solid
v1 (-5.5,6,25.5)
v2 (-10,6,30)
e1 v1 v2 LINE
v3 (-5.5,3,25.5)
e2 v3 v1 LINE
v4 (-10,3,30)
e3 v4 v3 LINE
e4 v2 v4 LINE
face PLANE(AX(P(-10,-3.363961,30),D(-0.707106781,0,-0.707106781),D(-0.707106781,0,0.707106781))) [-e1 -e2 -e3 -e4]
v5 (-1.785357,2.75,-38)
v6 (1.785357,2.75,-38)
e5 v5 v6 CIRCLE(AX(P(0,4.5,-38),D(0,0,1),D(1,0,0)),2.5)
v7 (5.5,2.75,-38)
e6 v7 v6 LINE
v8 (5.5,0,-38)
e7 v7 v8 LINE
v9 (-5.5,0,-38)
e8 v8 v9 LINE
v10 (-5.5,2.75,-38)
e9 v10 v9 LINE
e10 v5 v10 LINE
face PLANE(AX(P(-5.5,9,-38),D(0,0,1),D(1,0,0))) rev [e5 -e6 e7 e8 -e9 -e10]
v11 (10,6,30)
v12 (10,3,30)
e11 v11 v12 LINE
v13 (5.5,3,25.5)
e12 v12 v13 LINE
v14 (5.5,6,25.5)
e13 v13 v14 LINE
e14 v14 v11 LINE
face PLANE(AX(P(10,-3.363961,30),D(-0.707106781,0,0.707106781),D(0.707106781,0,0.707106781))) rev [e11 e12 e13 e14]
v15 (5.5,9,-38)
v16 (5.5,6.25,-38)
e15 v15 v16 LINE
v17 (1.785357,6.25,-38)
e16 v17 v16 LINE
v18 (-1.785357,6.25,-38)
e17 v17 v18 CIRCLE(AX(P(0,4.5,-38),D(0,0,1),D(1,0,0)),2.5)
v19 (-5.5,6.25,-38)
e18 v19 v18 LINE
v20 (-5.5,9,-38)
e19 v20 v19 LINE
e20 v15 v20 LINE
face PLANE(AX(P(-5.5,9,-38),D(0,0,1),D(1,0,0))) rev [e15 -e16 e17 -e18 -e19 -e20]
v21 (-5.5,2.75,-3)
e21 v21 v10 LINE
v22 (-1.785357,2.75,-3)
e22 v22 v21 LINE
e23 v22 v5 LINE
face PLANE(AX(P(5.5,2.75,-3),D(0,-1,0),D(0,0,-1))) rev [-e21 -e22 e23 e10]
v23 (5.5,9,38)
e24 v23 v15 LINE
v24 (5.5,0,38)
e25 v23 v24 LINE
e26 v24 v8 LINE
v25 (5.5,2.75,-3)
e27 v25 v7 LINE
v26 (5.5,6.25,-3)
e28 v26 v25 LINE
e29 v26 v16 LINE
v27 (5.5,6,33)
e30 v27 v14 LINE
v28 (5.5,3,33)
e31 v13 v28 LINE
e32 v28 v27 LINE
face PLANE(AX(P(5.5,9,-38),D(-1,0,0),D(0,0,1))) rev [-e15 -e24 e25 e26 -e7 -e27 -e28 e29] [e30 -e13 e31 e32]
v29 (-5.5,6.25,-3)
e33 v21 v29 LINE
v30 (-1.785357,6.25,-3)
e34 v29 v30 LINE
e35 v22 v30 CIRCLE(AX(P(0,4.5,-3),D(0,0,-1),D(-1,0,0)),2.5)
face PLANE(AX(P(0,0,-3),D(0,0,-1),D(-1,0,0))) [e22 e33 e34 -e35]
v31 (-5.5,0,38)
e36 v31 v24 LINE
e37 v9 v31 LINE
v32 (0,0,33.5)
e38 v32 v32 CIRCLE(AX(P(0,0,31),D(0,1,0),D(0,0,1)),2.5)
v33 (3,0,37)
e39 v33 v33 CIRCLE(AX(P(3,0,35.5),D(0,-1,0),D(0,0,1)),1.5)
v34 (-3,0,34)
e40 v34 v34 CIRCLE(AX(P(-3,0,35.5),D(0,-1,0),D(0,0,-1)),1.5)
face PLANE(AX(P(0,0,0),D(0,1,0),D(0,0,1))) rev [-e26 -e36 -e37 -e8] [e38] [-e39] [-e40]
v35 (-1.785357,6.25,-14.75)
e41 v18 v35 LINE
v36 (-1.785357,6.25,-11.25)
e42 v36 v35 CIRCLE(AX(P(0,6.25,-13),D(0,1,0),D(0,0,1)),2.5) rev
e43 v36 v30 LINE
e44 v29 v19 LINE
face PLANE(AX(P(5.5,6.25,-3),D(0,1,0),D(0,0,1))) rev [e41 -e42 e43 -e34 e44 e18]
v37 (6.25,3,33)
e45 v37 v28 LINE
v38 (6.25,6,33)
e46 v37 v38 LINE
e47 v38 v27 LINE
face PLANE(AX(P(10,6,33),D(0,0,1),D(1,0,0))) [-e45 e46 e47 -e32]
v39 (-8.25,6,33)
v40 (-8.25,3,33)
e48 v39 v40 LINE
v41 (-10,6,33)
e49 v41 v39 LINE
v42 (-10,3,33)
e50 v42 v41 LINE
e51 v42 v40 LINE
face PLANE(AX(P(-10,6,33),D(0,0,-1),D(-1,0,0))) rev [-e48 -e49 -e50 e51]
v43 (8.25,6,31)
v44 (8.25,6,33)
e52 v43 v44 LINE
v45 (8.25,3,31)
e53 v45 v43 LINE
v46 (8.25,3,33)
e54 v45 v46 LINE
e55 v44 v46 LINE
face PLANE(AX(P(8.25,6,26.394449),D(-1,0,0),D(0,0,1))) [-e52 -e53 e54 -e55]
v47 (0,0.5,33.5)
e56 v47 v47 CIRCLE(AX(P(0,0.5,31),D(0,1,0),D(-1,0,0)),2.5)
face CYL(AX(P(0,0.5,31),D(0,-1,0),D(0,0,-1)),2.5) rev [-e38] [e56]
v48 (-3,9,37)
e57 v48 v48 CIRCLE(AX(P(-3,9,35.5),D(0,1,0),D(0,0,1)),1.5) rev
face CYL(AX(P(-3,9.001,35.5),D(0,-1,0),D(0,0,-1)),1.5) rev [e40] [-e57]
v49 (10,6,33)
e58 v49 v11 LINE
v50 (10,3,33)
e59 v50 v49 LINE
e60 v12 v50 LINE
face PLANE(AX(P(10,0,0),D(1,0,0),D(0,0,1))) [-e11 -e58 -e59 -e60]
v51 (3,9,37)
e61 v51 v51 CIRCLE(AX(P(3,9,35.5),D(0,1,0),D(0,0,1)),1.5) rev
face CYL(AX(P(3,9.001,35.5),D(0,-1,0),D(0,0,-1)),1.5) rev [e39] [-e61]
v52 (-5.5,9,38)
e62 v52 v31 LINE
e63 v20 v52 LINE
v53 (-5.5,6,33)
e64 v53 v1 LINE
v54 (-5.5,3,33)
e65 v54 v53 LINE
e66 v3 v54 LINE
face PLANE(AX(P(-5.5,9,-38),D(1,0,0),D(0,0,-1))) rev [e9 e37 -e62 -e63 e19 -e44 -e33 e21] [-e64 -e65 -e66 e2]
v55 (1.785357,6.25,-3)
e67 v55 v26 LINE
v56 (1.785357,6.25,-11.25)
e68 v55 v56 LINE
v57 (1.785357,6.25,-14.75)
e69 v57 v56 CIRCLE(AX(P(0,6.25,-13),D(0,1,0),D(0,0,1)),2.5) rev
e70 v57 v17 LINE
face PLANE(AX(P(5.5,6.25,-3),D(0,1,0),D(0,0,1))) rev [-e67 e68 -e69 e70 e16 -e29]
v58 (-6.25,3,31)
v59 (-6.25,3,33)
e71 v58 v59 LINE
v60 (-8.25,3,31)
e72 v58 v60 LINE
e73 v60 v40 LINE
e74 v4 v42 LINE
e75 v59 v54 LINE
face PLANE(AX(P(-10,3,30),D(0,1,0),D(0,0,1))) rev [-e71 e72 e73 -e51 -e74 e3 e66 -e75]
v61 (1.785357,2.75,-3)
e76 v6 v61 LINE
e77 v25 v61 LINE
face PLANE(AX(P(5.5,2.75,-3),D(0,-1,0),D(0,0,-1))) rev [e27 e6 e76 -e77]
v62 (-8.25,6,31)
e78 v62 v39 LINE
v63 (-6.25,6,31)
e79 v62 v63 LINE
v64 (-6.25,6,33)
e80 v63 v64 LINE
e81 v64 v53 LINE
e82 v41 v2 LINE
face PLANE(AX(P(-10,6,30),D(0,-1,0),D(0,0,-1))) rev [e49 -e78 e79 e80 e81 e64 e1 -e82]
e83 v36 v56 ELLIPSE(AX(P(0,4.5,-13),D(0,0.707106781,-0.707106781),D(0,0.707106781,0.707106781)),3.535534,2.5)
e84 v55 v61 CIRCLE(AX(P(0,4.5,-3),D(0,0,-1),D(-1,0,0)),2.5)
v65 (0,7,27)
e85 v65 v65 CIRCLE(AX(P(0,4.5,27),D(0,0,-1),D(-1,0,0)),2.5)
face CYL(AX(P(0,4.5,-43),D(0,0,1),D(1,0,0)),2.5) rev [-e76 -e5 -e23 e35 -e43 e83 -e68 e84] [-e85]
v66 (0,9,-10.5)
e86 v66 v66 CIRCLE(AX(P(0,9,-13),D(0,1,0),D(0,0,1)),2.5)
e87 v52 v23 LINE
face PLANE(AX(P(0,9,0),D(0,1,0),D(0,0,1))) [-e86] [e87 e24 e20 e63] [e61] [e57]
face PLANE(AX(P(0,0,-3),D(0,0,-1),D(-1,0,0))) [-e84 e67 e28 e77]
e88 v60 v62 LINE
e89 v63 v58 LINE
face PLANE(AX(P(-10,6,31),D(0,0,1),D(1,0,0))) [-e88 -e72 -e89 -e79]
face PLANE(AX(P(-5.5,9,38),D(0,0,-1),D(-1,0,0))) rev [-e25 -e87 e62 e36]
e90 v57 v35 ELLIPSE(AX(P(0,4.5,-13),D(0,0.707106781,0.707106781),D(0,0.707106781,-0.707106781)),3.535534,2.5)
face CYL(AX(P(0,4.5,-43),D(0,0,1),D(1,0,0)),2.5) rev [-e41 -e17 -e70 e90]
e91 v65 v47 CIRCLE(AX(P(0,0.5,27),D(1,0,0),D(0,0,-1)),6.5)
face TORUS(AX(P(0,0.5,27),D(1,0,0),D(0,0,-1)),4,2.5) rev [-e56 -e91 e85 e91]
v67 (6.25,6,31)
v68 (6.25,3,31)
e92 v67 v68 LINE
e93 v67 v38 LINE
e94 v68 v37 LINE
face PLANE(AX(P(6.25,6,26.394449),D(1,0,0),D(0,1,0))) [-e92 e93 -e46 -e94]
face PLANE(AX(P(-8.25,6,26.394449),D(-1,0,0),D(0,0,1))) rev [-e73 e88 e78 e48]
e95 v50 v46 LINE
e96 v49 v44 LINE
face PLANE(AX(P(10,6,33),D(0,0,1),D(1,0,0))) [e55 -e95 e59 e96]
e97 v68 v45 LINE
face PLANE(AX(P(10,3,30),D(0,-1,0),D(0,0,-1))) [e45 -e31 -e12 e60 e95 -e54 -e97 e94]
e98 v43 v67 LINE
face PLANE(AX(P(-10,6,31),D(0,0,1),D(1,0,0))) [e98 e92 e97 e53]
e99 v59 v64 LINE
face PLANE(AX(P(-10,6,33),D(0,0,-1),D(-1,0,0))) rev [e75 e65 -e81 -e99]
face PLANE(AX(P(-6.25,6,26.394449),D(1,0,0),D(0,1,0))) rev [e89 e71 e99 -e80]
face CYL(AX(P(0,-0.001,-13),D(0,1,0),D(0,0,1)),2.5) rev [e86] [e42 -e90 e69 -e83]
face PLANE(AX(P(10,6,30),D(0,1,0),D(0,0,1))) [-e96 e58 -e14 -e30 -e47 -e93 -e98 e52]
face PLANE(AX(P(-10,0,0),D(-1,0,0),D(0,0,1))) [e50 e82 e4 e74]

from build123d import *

# Parameters (mm, degrees)
SKETCH1_W           = 11
SKETCH1_H           = 76
BOSS_EXTRUDE1_DEPTH = 9
SKETCH4_R           = 2.5
SKETCH5_W           = 3
SKETCH5_H           = 3
BOSS_EXTRUDE2_DEPTH = 4.5
SKETCH6_W           = 2
SKETCH6_H           = 3
CUT_EXTRUDE2_DEPTH  = 2
BOSS_EXTRUDE3_DEPTH = 3
SKETCH10_W          = 11
SKETCH10_H          = 3.5
CUT_EXTRUDE5_DEPTH  = 35
CUT_EXTRUDE6_REACH  = 42.311
SKETCH11_R          = 2.5
CUT_EXTRUDE8_REACH  = 42.311
SKETCH8_R           = 1.5


with BuildPart() as part:
    # Sketch1 → Boss-Extrude1 (new body)
    with BuildSketch(Plane(origin=(0, 0, 0), x_dir=(1, 0, 0), z_dir=(0, 1, 0))):
        Rectangle(SKETCH1_W, SKETCH1_H)
    extrude(amount=BOSS_EXTRUDE1_DEPTH)

    # Cut-Sweep2: sweep along a path in Sketch3
    with BuildLine(Plane.ZY) as cut_sweep2_path:
        Line((-38, 4.5), (27, 4.5))
        ThreePointArc((27, 4.5), (29.828427125, 3.328427125), (31, 0.5))
        Line((31, 0.5), (31, 0))
    # Sketch4 → Cut-Sweep2 (sweep, cut)
    with BuildSketch(Plane(origin=(0, 0, -38), x_dir=(-1, 0, 0), z_dir=(0, 0, -1))):
        with Locations((0, 4.5)):
            Circle(SKETCH4_R)
    sweep(path=cut_sweep2_path.line, mode=Mode.SUBTRACT)

    # Sketch5 → Boss-Extrude2 (add)
    with BuildSketch(Plane.ZY.offset(5.5)):
        with Locations((31.5, 4.5)):
            Rectangle(SKETCH5_W, SKETCH5_H)
    boss_extrude2 = extrude(amount=BOSS_EXTRUDE2_DEPTH)

    # Mirror1: Boss-Extrude2 across plane
    add(boss_extrude2.mirror(Plane.ZY))

    # Sketch6 → Cut-Extrude2 (cut)
    with BuildSketch(Plane.XY.offset(33)):
        with Locations((-7.25, 4.5)):
            Rectangle(SKETCH6_W, SKETCH6_H)
    cut_extrude2 = extrude(amount=-CUT_EXTRUDE2_DEPTH, mode=Mode.SUBTRACT)

    # Mirror2: Cut-Extrude2 across plane
    add(cut_extrude2.mirror(Plane.ZY), mode=Mode.SUBTRACT)

    # Sketch7 → Boss-Extrude3 (add)
    with BuildSketch(Plane(origin=(0, 6, 0), x_dir=(1, 0, 0), z_dir=(0, 1, 0))):
        Polygon((-10, -30), (-5.5, -25.5), (-5.5, -30), align=None)
    boss_extrude3 = extrude(amount=-BOSS_EXTRUDE3_DEPTH)

    # Mirror3: Boss-Extrude3 across plane
    add(boss_extrude3.mirror(Plane.ZY))

    # Sketch10 → Cut-Extrude5 (cut)
    with BuildSketch(Plane(origin=(0, 0, -38), x_dir=(-1, 0, 0), z_dir=(0, 0, -1))):
        with Locations((0, 4.5)):
            Rectangle(SKETCH10_W, SKETCH10_H)
    extrude(amount=-CUT_EXTRUDE5_DEPTH, mode=Mode.SUBTRACT)

    # Sketch11 → Cut-Extrude6 (cut, up to next)
    with BuildSketch(Plane(origin=(0, 9, 0), x_dir=(1, 0, 0), z_dir=(0, 1, 0)), mode=Mode.PRIVATE) as cut_extrude6_sk1:
        with Locations(Location((0, 13, 0), (0, 0, 270))):
            Circle(SKETCH11_R)
    cut_extrude6_tool1 = extrude(cut_extrude6_sk1.sketch, amount=-CUT_EXTRUDE6_REACH, mode=Mode.PRIVATE) & part.part
    add(cut_extrude6_tool1.solids().sort_by_distance((0, 9, -13))[0], mode=Mode.SUBTRACT)

    # Sketch8 → Cut-Extrude8 (cut, up to next)
    with BuildSketch(Plane.XZ, mode=Mode.PRIVATE) as cut_extrude8_sk1:
        with Locations(Location((-3, 35.5, 0), (0, 0, 270))):
            Circle(SKETCH8_R)
    cut_extrude8_tool1 = extrude(cut_extrude8_sk1.sketch, amount=-CUT_EXTRUDE8_REACH, mode=Mode.PRIVATE) & part.part
    # Sketch8 → Cut-Extrude8 (cut, up to next)
    with BuildSketch(Plane.XZ, mode=Mode.PRIVATE) as cut_extrude8_sk2:
        with Locations(Location((3, 35.5, 0), (0, 0, 90))):
            Circle(SKETCH8_R)
    cut_extrude8_tool2 = extrude(cut_extrude8_sk2.sketch, amount=-CUT_EXTRUDE8_REACH, mode=Mode.PRIVATE) & part.part
    add(cut_extrude8_tool1.solids().sort_by_distance((-3, 0, 35.5))[0], mode=Mode.SUBTRACT)
    add(cut_extrude8_tool2.solids().sort_by_distance((3, 0, 35.5))[0], mode=Mode.SUBTRACT)


solid = part.part
